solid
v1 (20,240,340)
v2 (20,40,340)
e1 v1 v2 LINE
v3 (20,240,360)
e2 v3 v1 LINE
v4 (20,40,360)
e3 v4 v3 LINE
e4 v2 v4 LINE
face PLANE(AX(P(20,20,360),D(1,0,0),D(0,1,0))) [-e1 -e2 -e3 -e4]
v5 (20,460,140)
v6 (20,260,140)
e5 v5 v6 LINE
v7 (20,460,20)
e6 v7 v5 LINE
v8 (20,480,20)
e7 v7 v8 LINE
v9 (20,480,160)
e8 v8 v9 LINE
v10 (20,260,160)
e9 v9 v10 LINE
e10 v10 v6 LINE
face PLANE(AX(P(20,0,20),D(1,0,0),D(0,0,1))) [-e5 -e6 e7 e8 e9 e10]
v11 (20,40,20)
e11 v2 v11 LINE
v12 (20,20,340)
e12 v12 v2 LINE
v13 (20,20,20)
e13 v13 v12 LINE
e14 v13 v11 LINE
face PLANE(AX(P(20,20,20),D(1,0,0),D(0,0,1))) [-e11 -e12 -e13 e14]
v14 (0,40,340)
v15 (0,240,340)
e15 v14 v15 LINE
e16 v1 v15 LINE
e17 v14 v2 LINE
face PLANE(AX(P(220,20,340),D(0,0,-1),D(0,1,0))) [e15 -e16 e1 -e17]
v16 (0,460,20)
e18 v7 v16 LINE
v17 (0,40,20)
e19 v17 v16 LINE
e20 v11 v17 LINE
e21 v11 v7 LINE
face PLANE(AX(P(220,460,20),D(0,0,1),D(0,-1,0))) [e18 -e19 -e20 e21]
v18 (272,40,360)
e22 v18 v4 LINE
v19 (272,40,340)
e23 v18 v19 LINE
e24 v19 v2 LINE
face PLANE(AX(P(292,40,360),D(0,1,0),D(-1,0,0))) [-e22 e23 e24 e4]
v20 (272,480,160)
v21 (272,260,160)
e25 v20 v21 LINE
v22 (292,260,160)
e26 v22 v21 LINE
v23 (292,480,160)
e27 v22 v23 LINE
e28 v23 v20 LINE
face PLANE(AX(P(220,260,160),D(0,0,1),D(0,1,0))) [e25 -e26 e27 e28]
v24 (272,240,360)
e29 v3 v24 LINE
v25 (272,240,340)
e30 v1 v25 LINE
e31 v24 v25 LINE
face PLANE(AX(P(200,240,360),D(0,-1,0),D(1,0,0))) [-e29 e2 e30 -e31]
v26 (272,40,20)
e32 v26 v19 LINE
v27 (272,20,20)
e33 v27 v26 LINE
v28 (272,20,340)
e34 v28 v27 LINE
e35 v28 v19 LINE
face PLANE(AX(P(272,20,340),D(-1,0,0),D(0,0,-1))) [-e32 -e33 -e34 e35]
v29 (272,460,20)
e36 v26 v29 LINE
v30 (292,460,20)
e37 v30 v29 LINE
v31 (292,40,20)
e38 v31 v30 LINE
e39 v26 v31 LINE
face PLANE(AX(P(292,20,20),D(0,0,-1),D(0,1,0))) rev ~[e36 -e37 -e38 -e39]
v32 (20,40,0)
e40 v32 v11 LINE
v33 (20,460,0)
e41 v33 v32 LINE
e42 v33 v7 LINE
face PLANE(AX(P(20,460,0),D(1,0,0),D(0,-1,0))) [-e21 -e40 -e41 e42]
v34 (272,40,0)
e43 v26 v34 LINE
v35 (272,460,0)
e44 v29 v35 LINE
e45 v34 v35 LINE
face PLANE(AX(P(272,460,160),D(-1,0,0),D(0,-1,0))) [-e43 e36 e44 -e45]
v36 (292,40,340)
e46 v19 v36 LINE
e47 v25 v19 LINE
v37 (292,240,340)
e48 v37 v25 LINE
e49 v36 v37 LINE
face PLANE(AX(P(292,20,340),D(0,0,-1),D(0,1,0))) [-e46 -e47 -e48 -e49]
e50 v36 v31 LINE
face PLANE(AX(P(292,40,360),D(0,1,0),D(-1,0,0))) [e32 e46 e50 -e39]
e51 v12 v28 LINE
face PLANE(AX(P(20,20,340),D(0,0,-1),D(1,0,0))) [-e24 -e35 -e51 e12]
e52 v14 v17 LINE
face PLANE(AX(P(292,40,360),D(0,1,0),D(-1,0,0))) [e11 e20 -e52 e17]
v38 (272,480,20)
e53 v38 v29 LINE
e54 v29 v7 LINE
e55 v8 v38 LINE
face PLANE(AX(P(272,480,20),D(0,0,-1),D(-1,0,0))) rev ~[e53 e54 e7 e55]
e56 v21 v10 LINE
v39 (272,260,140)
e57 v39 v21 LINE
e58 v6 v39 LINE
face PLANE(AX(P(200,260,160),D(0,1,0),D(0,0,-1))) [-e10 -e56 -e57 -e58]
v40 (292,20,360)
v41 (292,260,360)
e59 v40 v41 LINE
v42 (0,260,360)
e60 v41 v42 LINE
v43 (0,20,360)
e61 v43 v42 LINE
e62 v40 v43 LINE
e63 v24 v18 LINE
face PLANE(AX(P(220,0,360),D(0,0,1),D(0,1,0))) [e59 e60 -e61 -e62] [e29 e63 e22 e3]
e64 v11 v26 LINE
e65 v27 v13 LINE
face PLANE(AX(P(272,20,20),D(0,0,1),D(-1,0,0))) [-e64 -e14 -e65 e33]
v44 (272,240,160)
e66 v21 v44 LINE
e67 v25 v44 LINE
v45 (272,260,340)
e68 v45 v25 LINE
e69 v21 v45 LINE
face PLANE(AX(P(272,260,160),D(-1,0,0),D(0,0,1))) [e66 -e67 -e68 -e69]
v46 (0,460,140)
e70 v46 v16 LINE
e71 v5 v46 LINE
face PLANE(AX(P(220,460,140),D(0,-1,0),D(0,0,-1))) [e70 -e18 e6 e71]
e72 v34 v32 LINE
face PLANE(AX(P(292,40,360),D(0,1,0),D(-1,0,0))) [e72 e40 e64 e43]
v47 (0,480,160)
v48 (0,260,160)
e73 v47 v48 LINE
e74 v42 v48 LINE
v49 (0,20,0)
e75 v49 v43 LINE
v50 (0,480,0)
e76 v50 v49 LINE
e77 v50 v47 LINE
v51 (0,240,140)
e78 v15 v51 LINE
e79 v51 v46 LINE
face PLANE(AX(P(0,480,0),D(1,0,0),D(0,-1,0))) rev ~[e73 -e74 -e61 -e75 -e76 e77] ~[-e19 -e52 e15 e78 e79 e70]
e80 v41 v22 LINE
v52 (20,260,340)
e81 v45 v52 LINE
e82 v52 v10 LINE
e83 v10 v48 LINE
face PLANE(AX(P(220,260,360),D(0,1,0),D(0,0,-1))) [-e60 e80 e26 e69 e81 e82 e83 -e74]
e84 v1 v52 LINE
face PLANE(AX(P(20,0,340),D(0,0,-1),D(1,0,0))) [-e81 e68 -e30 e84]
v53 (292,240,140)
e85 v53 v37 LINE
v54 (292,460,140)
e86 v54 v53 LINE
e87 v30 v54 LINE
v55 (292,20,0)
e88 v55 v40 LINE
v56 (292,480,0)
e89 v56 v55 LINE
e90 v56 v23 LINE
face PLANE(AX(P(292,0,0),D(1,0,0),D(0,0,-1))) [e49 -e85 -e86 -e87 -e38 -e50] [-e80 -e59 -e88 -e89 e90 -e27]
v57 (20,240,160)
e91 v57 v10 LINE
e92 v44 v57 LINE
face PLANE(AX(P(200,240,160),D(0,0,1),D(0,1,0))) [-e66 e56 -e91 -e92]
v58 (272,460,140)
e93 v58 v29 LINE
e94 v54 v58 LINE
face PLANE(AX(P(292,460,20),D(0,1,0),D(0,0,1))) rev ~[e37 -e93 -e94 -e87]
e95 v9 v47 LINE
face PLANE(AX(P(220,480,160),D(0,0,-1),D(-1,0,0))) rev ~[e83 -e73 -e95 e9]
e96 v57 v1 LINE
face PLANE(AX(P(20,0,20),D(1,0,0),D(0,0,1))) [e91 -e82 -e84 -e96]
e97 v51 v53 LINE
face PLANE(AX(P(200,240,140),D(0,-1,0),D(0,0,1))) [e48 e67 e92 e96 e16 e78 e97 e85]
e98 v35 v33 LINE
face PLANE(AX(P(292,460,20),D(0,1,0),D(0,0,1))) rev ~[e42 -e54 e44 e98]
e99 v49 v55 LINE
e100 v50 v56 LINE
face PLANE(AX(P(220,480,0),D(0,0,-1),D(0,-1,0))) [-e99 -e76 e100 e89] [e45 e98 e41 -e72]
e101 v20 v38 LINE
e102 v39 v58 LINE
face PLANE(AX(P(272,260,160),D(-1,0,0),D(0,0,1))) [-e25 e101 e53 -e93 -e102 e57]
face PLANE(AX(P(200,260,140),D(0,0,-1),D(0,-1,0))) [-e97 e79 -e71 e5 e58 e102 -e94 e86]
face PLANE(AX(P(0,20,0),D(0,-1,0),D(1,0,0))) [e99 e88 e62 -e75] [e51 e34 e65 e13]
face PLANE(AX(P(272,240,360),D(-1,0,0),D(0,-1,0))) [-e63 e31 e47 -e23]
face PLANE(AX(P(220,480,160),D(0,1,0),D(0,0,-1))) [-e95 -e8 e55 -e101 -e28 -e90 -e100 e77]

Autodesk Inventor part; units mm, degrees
ref_plane "YZ Plane" through (0, 0, 0) normal (1, 0, 0) x (0, 1, 0)
ref_plane "XZ Plane" through (0, 0, 0) normal (0, 1, 0) x (-1, 0, 0)
ref_plane "XY Plane" through (0, 0, 0) normal (0, 0, 1) x (1, 0, 0)
sketch "Sketch1" plane through (0, 0, 0) normal (0, 0, 1) x (1, 0, 0)
  line L0 (0, 0) -> (220, 0)
  line L1 (220, 0) -> (220, 480)
  line L2 (220, 480) -> (0, 480)
  line L3 (0, 480) -> (0, 0)
  dimension "d0" = 480
  dimension "d1" = 220
extrude "Extrusion1" add sketch "Sketch1" along normal blind 360
sketch "Sketch2" plane through (0, 480, 0) normal (0, 1, 0) x (1, 0, 0)
  line L0 (220, 0) -> (220, -360) projected
  line L1 (0, 0) -> (220, 0)
  line L2 (220, 0) -> (220, -160)
  line L3 (220, -160) -> (0, -160)
  line L4 (0, -160) -> (0, 0)
  line L5 (20, -20) -> (200, -20)
  line L6 (200, -20) -> (200, -140)
  line L7 (200, -140) -> (20, -140)
  line L8 (20, -140) -> (20, -20)
  line L9 (0, -360) -> (220, -360) projected
  line L10 (0, -160) -> (220, -160)
  line L11 (220, -160) -> (220, -360)
  line L12 (220, -360) -> (0, -360)
  line L13 (0, -360) -> (0, -160)
  dimension "d4" = 160
  dimension "d5" = 20
  dimension "d6" = 20
  dimension "d7" = 20
  dimension "d8" = 20
extrude "Extrusion2" cut sketch "Sketch2" against normal blind 220 contours L0 L9 L13 L3
sketch "Sketch3" plane through (220, 0, 0) normal (1, 0, 0) x (0, 0, -1)
  line L0 (-20, 240) -> (-20, 20)
  line L1 (-20, 20) -> (-340, 20)
  line L2 (-340, 20) -> (-340, 240)
  line L3 (-160, 260) -> (-360, 260) projected
  line L4 (-360, 0) -> (-360, 260) projected
  line L5 (0, 0) -> (-360, 0) projected
  line L6 (0, 0) -> (0, 480) projected
  line L7 (-340, 240) -> (-140, 240)
  line L8 (-140, 240) -> (-140, 460)
  line L9 (-140, 460) -> (-20, 460)
  line L10 (-20, 460) -> (-20, 240)
  line L11 (-160, 480) -> (-160, 260) projected
  line L12 (0, 480) -> (-160, 480) projected
  dimension "d12" = 20
  dimension "d13" = 20
  dimension "d14" = 20
  dimension "d16" = 20
  dimension "d17" = 20
  dimension "d18" = 20
extrude "Extrusion3" cut sketch "Sketch3" against normal blind 220 contours L0 L1 L2 L7 L8 L9 L10
sketch "Sketch4" plane through (0, 0, 360) normal (0, 0, 1) x (1, 0, 0)
  line L0 (20, 240) -> (200, 240)
  line L1 (200, 240) -> (200, 20)
  line L2 (200, 20) -> (20, 20)
  line L3 (20, 20) -> (20, 240)
  line L4 (220, 260) -> (0, 260) projected
  line L5 (0, 260) -> (0, 0) projected
  line L6 (0, 0) -> (220, 0) projected
  line L7 (220, 0) -> (220, 260) projected
  dimension "d21" = 20
  dimension "d22" = 20
  dimension "d23" = 20
  dimension "d24" = 20
extrude "Extrusion4" cut sketch "Sketch4" against normal blind 600 contours L0 L1 L2 L3
sketch "Sketch5" plane through (0, 0, 0) normal (0, -1, 0) x (1, 0, 0)
  line L0 (200, 20) -> (200, 0) projected
  line L1 (20, 340) -> (200, 340)
  line L2 (200, 340) -> (200, 20)
  line L3 (200, 20) -> (20, 20)
  line L4 (20, 20) -> (20, 340)
  point P0 (0, 0)
extrude "Extrusion5" cut sketch "Sketch5" against normal blind 900
sketch "Sketch6" plane through (0, 0, 0) normal (0, 0, -1) x (-1, 0, 0)
  line L0 (-220, 240) -> (-200, 240) projected
  line L1 (-20, 460) -> (-20, 240) projected
  line L2 (-200, 240) -> (-20, 240)
  line L3 (-20, 240) -> (-20, 460)
  line L4 (-20, 460) -> (-200, 460)
  line L5 (-200, 460) -> (-200, 240)
  point P0 (0, 0)
extrude "Extrusion6" cut sketch "Sketch6" against normal blind 80
sketch "Sketch7" plane through (20, 260, 160) normal (1, 0, 0) x (0, 0, -1)
  line L0 (20, 200) -> (20, -20) projected
  line L1 (20, -20) -> (0, -20)
  line L2 (0, -20) -> (0, 0)
  line L3 (0, 0) -> (20, 0)
  line L4 (20, 0) -> (20, -20)
  point P0 (160, -260)
extrude "Extrusion7" add sketch "Sketch7" along normal blind 180
sketch "Sketch8" plane through (0, 0, 0) normal (0, -1, 0) x (1, 0, 0)
  point P0 (0, 0)
sketch "Sketch9" plane through (220, 0, 0) normal (1, 0, 0) x (0, 0, -1)
  line L0 (-360, 0) -> (-360, 260) projected
  line L1 (-360, 0) -> (-360, 260)
  line L2 (-360, 260) -> (-160, 260)
  line L3 (-160, 480) -> (-20, 480) projected
  line L4 (-160, 260) -> (-160, 480)
  line L5 (-160, 480) -> (0, 480)
  line L6 (0, 480) -> (0, 0)
  line L7 (0, 0) -> (-360, 0)
extrude "Extrusion8" add sketch "Sketch9" along normal blind 72
sketch "Sketch10" plane through (292, 0, 0) normal (1, 0, 0) x (0, 0, -1)
  line L0 (-340, 20) -> (-340, 240) projected
  line L1 (-340, 240) -> (-340, 20)
  line L2 (-20, 20) -> (-340, 20) projected
  line L3 (-340, 20) -> (-20, 20)
  line L4 (0, 460) -> (-20, 460) projected
  line L5 (-20, 20) -> (-20, 460)
  line L6 (-20, 460) -> (-140, 460)
  line L7 (-140, 240) -> (-340, 240) projected
  line L8 (-140, 460) -> (-140, 240)
  line L9 (-140, 240) -> (-340, 240)
  point P0 (0, 0)
extrude "Extrusion9" cut sketch "Sketch10" against normal blind 150
sketch "Sketch11" plane through (0, 0, 360) normal (0, 0, 1) x (1, 0, 0)
  line L0 (20, 240) -> (200, 240) projected
  line L1 (292, 20) -> (200, 20) projected
  line L2 (200, 240) -> (272, 240)
  line L3 (272, 240) -> (272, 20)
  line L4 (272, 20) -> (200, 20)
  line L5 (200, 20) -> (200, 240)
  line L6 (292, 260) -> (292, 0) projected
  point P0 (0, 0)
  dimension "d37" = 20
extrude "Extrusion10" cut sketch "Sketch11" against normal blind 900
sketch "Sketch12" plane through (0, 260, 0) normal (0, 1, 0) x (1, 0, 0)
  line L0 (200, -340) -> (200, -160) projected
  line L1 (200, -160) -> (272, -160)
  line L2 (272, -160) -> (272, -340)
  line L3 (272, -340) -> (200, -340)
  line L4 (200, -340) -> (200, -160)
  line L5 (292, -160) -> (292, -360) projected
  point P0 (0, 0)
  dimension "d40" = 20
extrude "Extrusion11" cut sketch "Sketch12" against normal blind 900
sketch "Sketch13" plane through (20, 260, 160) normal (0, 0, 1) x (1, 0, 0)
  line L0 (180, 200) -> (0, 200) projected
  line L1 (252, 0) -> (272, 0) projected
  line L2 (180, 200) -> (252, 200)
  line L3 (252, 200) -> (252, 0)
  line L4 (252, 0) -> (180, 0)
  line L5 (180, 0) -> (180, 200)
  point P0 (-20, -260)
extrude "Extrusion12" cut sketch "Sketch13" against normal blind 900
sketch "Sketch14" plane through (0, 480, 160) normal (0, 1, 0) x (1, 0, 0)
  line L0 (200, 140) -> (200, 0) projected
  line L1 (292, 140) -> (272, 140) projected
  line L2 (200, 0) -> (272, 0)
  line L3 (272, 0) -> (272, 140)
  line L4 (272, 140) -> (200, 140)
  line L5 (200, 140) -> (200, 0)
  point P0 (0, 160)
extrude "Extrusion13" cut sketch "Sketch14" against normal blind 900
sketch "Sketch15" plane through (200, 240, 140) normal (1, 0, 0) x (0, 0, -1)
  line L0 (-220, 20) -> (-20, 20) projected
  line L1 (0, 0) -> (-200, 0) projected
  line L2 (-20, 20) -> (0, 20)
  line L3 (0, 20) -> (0, 0)
  line L4 (0, 0) -> (-20, 0)
  line L5 (-20, 0) -> (-20, 20)
  point P0 (140, -240)
extrude "Extrusion14" add sketch "Sketch15" along normal up to next
sketch "Sketch16" plane through (200, 240, 0) normal (-1, 0, 0) x (0, 0, 1)
  line L0 (20, 20) -> (0, 20) projected
  line L1 (20, 0) -> (20, -220) projected
  line L2 (0, 20) -> (20, 20)
  line L3 (20, 20) -> (20, 0)
  line L4 (20, 0) -> (0, 0)
  line L5 (0, 0) -> (0, 20)
  point P0 (0, -240)
extrude "Extrusion15" cut sketch "Sketch16" against normal up to surface (72 mm away) from surface at 0
sketch "Sketch17" plane through (0, 0, 0) normal (0, -1, 0) x (1, 0, 0)
  line L0 (292, 360) -> (0, 360) projected
  line L1 (292, 360) -> (292, 0) projected
  line L2 (0, 360) -> (292, 360)
  line L3 (292, 360) -> (292, 0)
  line L4 (292, 0) -> (0, 0)
  line L5 (0, 0) -> (0, 360)
  point P0 (0, 0)
extrude "Extrusion16" cut sketch "Sketch17" against normal blind 20
sketch "Sketch18" plane through (0, 0, 360) normal (0, 0, 1) x (1, 0, 0)
  line L0 (0, 20) -> (292, 20)
  line L1 (292, 20) -> (292, 40)
  line L2 (292, 40) -> (0, 40)
  line L3 (0, 40) -> (0, 20)
  point P0 (0, 0)
  dimension "d53" = 20
extrude "Extrusion17" add sketch "Sketch18" against normal blind 360
sketch "Sketch19" plane through (0, 20, 0) normal (0, -1, 0) x (1, 0, 0)
  line L0 (20, 360) -> (20, 340) projected
  line L1 (20, 340) -> (272, 340)
  line L2 (272, 340) -> (272, 20)
  line L3 (272, 20) -> (20, 20)
  line L4 (20, 20) -> (20, 340)
  point P0 (0, 0)
extrude "Extrusion18" cut sketch "Sketch19" against normal blind 60
properties part number "fuel tank housing"
